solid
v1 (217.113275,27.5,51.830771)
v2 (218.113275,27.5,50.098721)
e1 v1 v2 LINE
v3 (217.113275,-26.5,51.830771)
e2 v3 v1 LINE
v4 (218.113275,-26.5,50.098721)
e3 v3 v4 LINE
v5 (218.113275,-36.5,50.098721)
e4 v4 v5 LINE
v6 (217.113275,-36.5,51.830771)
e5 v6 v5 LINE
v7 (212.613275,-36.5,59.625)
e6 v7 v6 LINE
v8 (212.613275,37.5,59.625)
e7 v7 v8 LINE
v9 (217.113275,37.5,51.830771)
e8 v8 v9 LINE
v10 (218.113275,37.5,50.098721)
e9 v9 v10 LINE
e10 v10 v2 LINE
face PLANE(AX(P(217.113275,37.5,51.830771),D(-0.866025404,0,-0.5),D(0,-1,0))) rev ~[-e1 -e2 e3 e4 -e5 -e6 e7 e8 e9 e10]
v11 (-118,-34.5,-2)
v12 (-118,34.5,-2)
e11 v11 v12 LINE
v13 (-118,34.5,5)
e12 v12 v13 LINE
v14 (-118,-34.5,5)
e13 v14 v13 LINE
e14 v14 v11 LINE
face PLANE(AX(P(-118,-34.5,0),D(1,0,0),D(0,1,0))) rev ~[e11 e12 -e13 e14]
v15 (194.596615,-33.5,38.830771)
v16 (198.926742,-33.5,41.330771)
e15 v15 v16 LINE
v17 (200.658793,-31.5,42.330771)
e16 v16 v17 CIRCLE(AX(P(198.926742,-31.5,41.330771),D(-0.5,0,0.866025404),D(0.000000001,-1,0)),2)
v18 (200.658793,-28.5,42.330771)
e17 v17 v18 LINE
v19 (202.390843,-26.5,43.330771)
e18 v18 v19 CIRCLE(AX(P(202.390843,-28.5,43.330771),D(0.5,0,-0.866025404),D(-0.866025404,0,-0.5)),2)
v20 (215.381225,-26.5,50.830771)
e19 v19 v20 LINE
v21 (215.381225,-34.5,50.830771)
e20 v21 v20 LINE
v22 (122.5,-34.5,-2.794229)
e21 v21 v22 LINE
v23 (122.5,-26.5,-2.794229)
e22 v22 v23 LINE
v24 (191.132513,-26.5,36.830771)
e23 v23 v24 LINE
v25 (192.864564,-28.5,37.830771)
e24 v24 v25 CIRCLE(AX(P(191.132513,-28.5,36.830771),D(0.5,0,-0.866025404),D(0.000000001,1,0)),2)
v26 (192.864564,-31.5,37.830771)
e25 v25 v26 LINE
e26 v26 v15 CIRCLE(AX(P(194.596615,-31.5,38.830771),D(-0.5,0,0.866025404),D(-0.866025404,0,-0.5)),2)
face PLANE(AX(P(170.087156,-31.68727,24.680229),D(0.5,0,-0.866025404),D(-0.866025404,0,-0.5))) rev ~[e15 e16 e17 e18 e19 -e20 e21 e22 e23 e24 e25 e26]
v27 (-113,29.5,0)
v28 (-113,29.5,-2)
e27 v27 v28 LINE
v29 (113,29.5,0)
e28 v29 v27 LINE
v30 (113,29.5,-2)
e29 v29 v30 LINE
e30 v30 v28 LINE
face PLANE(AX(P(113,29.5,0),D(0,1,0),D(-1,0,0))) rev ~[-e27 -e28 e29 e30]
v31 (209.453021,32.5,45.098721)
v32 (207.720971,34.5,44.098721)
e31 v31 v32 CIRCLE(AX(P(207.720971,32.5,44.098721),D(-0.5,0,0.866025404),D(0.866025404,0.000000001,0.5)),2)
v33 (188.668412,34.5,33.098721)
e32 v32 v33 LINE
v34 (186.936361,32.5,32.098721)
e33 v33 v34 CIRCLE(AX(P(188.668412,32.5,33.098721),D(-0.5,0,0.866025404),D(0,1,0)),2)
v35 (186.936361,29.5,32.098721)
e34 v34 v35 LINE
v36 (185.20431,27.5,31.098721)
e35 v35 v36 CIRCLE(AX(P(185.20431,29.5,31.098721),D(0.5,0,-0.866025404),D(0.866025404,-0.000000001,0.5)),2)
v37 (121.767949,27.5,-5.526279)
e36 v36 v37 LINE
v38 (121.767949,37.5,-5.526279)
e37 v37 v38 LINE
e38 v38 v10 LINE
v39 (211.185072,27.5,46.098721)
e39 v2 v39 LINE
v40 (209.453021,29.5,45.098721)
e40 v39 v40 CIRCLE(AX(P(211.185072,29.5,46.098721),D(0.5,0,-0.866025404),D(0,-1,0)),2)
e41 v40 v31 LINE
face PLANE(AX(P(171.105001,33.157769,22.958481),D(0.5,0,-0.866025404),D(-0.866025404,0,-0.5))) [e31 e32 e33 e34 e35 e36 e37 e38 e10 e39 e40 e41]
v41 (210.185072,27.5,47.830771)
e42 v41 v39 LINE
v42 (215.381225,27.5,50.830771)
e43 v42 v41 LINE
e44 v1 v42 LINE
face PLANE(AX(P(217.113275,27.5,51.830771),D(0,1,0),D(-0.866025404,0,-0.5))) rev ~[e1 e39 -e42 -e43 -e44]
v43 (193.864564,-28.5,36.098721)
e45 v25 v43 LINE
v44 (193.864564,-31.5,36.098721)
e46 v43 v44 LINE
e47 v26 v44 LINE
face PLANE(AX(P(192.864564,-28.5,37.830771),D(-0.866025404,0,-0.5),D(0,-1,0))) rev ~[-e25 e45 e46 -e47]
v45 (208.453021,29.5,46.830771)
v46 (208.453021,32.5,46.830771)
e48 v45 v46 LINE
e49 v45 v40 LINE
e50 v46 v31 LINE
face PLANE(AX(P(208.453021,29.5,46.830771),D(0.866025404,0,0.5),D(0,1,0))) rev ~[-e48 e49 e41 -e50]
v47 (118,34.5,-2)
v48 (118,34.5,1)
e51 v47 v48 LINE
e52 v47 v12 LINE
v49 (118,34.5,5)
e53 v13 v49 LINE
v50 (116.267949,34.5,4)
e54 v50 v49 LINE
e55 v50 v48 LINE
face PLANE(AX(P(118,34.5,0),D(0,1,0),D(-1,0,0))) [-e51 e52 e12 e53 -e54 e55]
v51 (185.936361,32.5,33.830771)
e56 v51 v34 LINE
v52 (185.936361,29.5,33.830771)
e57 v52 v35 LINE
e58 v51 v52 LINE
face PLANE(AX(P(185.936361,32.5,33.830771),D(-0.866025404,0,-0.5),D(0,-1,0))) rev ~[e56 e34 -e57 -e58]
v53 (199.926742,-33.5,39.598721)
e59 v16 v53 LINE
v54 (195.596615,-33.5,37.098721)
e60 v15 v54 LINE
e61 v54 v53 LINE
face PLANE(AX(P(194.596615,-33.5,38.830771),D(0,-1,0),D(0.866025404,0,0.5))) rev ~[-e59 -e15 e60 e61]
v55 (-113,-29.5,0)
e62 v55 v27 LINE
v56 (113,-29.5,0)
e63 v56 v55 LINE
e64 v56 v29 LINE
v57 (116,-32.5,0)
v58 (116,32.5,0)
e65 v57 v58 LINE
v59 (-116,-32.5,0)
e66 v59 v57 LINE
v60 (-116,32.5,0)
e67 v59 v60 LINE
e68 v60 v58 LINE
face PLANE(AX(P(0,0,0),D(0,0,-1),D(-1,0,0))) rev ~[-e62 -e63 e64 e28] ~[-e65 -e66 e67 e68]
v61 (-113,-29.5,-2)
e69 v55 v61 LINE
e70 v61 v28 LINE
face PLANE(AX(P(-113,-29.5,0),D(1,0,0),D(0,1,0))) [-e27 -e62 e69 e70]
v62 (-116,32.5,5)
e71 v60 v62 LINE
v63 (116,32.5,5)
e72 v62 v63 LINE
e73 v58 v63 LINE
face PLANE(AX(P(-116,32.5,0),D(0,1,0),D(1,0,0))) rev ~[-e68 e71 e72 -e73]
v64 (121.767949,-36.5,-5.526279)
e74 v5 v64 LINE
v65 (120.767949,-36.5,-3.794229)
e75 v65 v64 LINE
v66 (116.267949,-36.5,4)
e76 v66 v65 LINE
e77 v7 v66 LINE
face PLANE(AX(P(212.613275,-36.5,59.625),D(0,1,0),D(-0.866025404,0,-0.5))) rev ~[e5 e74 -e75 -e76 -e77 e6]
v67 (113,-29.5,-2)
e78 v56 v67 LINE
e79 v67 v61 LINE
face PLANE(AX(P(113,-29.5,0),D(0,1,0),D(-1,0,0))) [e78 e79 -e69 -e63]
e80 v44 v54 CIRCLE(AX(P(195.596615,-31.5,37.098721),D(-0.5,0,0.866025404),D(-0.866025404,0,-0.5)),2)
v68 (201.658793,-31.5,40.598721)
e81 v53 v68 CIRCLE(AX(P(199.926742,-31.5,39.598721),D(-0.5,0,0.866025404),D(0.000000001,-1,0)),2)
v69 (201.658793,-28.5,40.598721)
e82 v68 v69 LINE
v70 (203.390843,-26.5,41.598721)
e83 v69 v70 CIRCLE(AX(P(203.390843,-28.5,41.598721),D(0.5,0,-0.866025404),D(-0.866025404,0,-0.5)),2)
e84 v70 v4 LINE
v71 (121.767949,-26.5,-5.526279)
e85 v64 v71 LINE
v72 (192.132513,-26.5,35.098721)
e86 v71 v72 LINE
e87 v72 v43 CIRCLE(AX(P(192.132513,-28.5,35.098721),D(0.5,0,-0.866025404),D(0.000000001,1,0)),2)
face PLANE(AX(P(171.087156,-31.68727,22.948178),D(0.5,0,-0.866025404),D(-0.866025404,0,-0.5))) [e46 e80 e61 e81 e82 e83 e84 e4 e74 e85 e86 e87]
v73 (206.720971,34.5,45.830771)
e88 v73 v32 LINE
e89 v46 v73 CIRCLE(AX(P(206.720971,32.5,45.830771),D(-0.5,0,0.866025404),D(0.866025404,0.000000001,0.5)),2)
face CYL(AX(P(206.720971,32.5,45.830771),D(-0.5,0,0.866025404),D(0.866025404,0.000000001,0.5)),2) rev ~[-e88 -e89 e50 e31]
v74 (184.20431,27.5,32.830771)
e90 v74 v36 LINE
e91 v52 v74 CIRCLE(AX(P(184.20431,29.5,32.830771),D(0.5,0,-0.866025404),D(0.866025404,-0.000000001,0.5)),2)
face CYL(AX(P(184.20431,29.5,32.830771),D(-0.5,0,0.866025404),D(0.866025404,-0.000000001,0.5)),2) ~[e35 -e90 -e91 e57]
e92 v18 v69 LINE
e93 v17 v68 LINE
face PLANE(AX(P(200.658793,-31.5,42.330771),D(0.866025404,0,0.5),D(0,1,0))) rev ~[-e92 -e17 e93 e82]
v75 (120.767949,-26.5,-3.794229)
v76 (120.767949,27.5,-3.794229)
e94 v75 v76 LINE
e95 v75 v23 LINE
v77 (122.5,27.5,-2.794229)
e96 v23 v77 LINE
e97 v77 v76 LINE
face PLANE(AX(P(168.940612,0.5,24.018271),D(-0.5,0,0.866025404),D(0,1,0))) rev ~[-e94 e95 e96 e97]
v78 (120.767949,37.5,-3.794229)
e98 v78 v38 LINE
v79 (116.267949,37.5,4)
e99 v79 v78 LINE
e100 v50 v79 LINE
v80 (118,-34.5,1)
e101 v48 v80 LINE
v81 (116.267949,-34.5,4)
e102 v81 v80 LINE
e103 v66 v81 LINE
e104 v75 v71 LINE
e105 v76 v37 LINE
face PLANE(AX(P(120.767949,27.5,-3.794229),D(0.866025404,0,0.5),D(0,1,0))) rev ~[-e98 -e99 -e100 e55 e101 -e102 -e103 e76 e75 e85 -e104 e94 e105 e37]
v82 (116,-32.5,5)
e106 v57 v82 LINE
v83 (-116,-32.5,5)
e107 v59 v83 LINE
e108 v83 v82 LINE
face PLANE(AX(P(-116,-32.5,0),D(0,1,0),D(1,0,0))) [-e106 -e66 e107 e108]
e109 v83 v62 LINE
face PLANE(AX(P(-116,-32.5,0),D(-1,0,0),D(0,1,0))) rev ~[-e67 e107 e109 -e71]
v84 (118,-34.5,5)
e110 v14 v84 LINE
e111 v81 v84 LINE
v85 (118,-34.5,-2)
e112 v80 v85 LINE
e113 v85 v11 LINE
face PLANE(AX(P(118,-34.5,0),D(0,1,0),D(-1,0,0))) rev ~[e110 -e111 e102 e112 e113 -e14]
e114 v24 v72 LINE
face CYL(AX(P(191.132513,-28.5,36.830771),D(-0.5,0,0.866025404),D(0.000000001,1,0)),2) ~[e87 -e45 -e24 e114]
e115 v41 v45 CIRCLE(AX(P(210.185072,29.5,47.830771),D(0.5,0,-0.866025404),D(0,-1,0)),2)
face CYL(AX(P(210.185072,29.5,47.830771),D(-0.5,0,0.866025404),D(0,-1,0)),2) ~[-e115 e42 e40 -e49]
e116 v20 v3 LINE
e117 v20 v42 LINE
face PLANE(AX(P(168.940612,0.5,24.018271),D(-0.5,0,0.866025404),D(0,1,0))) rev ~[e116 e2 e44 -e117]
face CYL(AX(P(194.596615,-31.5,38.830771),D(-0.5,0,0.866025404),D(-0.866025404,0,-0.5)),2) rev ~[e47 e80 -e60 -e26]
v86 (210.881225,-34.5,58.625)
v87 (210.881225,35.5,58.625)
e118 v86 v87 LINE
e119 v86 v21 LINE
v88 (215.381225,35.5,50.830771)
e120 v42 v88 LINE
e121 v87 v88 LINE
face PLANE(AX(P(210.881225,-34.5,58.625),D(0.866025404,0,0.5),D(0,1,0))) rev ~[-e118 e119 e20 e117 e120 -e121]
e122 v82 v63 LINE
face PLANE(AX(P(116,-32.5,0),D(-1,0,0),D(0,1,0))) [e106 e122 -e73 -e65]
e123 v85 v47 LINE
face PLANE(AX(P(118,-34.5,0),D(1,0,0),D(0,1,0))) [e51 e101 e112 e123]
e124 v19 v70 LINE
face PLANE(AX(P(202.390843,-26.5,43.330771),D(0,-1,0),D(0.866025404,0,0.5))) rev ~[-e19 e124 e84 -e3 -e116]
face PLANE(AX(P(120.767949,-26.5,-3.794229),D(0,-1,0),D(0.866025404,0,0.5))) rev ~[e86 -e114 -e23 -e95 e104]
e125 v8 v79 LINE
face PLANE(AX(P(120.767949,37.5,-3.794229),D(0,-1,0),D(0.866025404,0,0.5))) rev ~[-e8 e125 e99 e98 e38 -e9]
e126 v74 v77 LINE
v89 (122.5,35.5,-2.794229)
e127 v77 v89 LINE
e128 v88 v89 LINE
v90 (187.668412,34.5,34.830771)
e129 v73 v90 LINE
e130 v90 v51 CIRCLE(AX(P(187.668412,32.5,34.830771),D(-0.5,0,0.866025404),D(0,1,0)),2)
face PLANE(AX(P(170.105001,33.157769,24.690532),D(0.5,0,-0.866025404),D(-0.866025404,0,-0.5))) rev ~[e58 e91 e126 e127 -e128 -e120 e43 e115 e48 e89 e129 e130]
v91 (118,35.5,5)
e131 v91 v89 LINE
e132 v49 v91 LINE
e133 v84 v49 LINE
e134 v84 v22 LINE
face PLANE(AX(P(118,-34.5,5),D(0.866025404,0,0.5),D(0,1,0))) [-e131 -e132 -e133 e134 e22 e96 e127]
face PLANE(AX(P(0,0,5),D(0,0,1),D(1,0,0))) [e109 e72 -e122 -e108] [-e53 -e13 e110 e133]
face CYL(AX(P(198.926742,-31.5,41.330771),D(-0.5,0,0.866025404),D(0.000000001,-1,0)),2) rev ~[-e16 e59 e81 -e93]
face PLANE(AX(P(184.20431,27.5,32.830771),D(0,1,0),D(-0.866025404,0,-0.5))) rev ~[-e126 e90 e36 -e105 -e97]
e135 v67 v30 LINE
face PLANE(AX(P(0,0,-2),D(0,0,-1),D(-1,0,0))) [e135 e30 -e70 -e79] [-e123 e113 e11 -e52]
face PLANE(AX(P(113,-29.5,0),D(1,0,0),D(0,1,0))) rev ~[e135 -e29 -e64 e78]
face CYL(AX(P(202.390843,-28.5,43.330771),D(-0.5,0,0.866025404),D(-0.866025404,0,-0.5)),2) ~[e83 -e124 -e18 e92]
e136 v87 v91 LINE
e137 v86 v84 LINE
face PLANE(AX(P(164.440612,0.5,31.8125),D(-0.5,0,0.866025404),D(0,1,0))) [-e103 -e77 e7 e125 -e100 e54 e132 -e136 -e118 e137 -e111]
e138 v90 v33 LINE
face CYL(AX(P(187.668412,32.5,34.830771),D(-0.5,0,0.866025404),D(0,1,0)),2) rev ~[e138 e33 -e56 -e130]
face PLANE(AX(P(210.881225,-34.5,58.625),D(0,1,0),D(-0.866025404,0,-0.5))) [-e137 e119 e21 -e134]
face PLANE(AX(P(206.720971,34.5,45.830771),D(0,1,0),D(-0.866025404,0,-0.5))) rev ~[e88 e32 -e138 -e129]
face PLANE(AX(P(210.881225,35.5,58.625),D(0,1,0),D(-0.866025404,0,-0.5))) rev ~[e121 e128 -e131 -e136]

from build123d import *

# Parameters (mm, degrees)
SKETCH1_W                   = 236
SKETCH1_H                   = 69
SKETCH1_W_2                 = 232
SKETCH1_H_2                 = 65
DISPLAY_OUTLINE_DEPTH       = 5
SKETCH3_W                   = 236
SKETCH3_H                   = 69
SKETCH3_W_2                 = 226
SKETCH3_H_2                 = 59
REAR_DISPLAY_RETAINER_DEPTH = 2
SKETCH2_W                   = 74
SKETCH2_H                   = 111.25
SKETCH2_W_2                 = 70
SKETCH2_H_2                 = 107.25
STREAM_DECK_OUTLINE_DEPTH   = 9
STREAM_DECK_RETAINER_DEPTH  = 2


with BuildPart() as part:
    # Sketch1 → Display outline (new body)
    with BuildSketch(Plane.XY):
        Rectangle(SKETCH1_W, SKETCH1_H)
        Rectangle(SKETCH1_W_2, SKETCH1_H_2, mode=Mode.SUBTRACT)
    extrude(amount=DISPLAY_OUTLINE_DEPTH)

    # Sketch3 → Rear display retainer (add)
    with BuildSketch(Plane(origin=(0, 0, 0), x_dir=(-1, 0, 0), z_dir=(0, 0, -1))):
        Rectangle(SKETCH3_W, SKETCH3_H)
        Rectangle(SKETCH3_W_2, SKETCH3_H_2, mode=Mode.SUBTRACT)
    extrude(amount=REAR_DISPLAY_RETAINER_DEPTH)

    # Sketch2 → Stream deck outline (add)
    with BuildSketch(Plane(origin=(27.334936491, 0, -47.345498823), x_dir=(0, 1, 0), z_dir=(-0.5000000000000041, 0, 0.8660254037844364))):
        with Locations((0.5, -158.315997647)):
            Rectangle(SKETCH2_W, SKETCH2_H)
        with Locations((0.5, -158.315997647)):
            Rectangle(SKETCH2_W_2, SKETCH2_H_2, mode=Mode.SUBTRACT)
    extrude(amount=-STREAM_DECK_OUTLINE_DEPTH)

    # Sketch4 → Stream deck retainer (add)
    with BuildSketch(Plane(origin=(31.834936491, 0, -55.139727457), x_dir=(-0.8660254037844363, 0, -0.5000000000000042), z_dir=(0.5000000000000041, 0, -0.8660254037844362))):
        with BuildLine():
            Line((-213.940997647, 27.5), (-205.940997647, 27.5))
            ThreePointArc((-205.940997647, 27.5), (-204.526784084, 28.085786438), (-203.940997647, 29.5))
            Line((-203.940997647, 29.5), (-203.940997647, 32.5))
            ThreePointArc((-203.940997647, 32.5), (-203.355211209, 33.914213562), (-201.940997647, 34.5))
            Line((-201.940997647, 34.5), (-179.940997647, 34.5))
            ThreePointArc((-179.940997647, 34.5), (-178.526784084, 33.914213562), (-177.940997647, 32.5))
            Line((-177.940997647, 32.5), (-177.940997647, 29.5))
            ThreePointArc((-177.940997647, 29.5), (-177.355211209, 28.085786438), (-175.940997647, 27.5))
            Line((-175.940997647, 27.5), (-102.690997647, 27.5))
            Line((-102.690997647, 27.5), (-102.690997647, 37.5))
            Line((-102.690997647, 37.5), (-213.940997647, 37.5))
            Line((-213.940997647, 37.5), (-213.940997647, 27.5))
        make_face()
        with BuildLine():
            Line((-102.690997647, -36.5), (-102.690997647, -26.5))
            Line((-102.690997647, -26.5), (-183.940997647, -26.5))
            ThreePointArc((-183.940997647, -26.5), (-185.355211209, -27.085786438), (-185.940997647, -28.5))
            Line((-185.940997647, -28.5), (-185.940997647, -31.5))
            ThreePointArc((-185.940997647, -31.5), (-186.526784084, -32.914213562), (-187.940997647, -33.5))
            Line((-187.940997647, -33.5), (-192.940997647, -33.5))
            ThreePointArc((-192.940997647, -33.5), (-194.355211209, -32.914213562), (-194.940997647, -31.5))
            Line((-194.940997647, -31.5), (-194.940997647, -28.5))
            ThreePointArc((-194.940997647, -28.5), (-195.526784084, -27.085786438), (-196.940997647, -26.5))
            Line((-196.940997647, -26.5), (-213.940997647, -26.5))
            Line((-213.940997647, -26.5), (-213.940997647, -36.5))
            Line((-213.940997647, -36.5), (-102.690997647, -36.5))
        make_face()
    extrude(amount=STREAM_DECK_RETAINER_DEPTH)


solid = part.part
